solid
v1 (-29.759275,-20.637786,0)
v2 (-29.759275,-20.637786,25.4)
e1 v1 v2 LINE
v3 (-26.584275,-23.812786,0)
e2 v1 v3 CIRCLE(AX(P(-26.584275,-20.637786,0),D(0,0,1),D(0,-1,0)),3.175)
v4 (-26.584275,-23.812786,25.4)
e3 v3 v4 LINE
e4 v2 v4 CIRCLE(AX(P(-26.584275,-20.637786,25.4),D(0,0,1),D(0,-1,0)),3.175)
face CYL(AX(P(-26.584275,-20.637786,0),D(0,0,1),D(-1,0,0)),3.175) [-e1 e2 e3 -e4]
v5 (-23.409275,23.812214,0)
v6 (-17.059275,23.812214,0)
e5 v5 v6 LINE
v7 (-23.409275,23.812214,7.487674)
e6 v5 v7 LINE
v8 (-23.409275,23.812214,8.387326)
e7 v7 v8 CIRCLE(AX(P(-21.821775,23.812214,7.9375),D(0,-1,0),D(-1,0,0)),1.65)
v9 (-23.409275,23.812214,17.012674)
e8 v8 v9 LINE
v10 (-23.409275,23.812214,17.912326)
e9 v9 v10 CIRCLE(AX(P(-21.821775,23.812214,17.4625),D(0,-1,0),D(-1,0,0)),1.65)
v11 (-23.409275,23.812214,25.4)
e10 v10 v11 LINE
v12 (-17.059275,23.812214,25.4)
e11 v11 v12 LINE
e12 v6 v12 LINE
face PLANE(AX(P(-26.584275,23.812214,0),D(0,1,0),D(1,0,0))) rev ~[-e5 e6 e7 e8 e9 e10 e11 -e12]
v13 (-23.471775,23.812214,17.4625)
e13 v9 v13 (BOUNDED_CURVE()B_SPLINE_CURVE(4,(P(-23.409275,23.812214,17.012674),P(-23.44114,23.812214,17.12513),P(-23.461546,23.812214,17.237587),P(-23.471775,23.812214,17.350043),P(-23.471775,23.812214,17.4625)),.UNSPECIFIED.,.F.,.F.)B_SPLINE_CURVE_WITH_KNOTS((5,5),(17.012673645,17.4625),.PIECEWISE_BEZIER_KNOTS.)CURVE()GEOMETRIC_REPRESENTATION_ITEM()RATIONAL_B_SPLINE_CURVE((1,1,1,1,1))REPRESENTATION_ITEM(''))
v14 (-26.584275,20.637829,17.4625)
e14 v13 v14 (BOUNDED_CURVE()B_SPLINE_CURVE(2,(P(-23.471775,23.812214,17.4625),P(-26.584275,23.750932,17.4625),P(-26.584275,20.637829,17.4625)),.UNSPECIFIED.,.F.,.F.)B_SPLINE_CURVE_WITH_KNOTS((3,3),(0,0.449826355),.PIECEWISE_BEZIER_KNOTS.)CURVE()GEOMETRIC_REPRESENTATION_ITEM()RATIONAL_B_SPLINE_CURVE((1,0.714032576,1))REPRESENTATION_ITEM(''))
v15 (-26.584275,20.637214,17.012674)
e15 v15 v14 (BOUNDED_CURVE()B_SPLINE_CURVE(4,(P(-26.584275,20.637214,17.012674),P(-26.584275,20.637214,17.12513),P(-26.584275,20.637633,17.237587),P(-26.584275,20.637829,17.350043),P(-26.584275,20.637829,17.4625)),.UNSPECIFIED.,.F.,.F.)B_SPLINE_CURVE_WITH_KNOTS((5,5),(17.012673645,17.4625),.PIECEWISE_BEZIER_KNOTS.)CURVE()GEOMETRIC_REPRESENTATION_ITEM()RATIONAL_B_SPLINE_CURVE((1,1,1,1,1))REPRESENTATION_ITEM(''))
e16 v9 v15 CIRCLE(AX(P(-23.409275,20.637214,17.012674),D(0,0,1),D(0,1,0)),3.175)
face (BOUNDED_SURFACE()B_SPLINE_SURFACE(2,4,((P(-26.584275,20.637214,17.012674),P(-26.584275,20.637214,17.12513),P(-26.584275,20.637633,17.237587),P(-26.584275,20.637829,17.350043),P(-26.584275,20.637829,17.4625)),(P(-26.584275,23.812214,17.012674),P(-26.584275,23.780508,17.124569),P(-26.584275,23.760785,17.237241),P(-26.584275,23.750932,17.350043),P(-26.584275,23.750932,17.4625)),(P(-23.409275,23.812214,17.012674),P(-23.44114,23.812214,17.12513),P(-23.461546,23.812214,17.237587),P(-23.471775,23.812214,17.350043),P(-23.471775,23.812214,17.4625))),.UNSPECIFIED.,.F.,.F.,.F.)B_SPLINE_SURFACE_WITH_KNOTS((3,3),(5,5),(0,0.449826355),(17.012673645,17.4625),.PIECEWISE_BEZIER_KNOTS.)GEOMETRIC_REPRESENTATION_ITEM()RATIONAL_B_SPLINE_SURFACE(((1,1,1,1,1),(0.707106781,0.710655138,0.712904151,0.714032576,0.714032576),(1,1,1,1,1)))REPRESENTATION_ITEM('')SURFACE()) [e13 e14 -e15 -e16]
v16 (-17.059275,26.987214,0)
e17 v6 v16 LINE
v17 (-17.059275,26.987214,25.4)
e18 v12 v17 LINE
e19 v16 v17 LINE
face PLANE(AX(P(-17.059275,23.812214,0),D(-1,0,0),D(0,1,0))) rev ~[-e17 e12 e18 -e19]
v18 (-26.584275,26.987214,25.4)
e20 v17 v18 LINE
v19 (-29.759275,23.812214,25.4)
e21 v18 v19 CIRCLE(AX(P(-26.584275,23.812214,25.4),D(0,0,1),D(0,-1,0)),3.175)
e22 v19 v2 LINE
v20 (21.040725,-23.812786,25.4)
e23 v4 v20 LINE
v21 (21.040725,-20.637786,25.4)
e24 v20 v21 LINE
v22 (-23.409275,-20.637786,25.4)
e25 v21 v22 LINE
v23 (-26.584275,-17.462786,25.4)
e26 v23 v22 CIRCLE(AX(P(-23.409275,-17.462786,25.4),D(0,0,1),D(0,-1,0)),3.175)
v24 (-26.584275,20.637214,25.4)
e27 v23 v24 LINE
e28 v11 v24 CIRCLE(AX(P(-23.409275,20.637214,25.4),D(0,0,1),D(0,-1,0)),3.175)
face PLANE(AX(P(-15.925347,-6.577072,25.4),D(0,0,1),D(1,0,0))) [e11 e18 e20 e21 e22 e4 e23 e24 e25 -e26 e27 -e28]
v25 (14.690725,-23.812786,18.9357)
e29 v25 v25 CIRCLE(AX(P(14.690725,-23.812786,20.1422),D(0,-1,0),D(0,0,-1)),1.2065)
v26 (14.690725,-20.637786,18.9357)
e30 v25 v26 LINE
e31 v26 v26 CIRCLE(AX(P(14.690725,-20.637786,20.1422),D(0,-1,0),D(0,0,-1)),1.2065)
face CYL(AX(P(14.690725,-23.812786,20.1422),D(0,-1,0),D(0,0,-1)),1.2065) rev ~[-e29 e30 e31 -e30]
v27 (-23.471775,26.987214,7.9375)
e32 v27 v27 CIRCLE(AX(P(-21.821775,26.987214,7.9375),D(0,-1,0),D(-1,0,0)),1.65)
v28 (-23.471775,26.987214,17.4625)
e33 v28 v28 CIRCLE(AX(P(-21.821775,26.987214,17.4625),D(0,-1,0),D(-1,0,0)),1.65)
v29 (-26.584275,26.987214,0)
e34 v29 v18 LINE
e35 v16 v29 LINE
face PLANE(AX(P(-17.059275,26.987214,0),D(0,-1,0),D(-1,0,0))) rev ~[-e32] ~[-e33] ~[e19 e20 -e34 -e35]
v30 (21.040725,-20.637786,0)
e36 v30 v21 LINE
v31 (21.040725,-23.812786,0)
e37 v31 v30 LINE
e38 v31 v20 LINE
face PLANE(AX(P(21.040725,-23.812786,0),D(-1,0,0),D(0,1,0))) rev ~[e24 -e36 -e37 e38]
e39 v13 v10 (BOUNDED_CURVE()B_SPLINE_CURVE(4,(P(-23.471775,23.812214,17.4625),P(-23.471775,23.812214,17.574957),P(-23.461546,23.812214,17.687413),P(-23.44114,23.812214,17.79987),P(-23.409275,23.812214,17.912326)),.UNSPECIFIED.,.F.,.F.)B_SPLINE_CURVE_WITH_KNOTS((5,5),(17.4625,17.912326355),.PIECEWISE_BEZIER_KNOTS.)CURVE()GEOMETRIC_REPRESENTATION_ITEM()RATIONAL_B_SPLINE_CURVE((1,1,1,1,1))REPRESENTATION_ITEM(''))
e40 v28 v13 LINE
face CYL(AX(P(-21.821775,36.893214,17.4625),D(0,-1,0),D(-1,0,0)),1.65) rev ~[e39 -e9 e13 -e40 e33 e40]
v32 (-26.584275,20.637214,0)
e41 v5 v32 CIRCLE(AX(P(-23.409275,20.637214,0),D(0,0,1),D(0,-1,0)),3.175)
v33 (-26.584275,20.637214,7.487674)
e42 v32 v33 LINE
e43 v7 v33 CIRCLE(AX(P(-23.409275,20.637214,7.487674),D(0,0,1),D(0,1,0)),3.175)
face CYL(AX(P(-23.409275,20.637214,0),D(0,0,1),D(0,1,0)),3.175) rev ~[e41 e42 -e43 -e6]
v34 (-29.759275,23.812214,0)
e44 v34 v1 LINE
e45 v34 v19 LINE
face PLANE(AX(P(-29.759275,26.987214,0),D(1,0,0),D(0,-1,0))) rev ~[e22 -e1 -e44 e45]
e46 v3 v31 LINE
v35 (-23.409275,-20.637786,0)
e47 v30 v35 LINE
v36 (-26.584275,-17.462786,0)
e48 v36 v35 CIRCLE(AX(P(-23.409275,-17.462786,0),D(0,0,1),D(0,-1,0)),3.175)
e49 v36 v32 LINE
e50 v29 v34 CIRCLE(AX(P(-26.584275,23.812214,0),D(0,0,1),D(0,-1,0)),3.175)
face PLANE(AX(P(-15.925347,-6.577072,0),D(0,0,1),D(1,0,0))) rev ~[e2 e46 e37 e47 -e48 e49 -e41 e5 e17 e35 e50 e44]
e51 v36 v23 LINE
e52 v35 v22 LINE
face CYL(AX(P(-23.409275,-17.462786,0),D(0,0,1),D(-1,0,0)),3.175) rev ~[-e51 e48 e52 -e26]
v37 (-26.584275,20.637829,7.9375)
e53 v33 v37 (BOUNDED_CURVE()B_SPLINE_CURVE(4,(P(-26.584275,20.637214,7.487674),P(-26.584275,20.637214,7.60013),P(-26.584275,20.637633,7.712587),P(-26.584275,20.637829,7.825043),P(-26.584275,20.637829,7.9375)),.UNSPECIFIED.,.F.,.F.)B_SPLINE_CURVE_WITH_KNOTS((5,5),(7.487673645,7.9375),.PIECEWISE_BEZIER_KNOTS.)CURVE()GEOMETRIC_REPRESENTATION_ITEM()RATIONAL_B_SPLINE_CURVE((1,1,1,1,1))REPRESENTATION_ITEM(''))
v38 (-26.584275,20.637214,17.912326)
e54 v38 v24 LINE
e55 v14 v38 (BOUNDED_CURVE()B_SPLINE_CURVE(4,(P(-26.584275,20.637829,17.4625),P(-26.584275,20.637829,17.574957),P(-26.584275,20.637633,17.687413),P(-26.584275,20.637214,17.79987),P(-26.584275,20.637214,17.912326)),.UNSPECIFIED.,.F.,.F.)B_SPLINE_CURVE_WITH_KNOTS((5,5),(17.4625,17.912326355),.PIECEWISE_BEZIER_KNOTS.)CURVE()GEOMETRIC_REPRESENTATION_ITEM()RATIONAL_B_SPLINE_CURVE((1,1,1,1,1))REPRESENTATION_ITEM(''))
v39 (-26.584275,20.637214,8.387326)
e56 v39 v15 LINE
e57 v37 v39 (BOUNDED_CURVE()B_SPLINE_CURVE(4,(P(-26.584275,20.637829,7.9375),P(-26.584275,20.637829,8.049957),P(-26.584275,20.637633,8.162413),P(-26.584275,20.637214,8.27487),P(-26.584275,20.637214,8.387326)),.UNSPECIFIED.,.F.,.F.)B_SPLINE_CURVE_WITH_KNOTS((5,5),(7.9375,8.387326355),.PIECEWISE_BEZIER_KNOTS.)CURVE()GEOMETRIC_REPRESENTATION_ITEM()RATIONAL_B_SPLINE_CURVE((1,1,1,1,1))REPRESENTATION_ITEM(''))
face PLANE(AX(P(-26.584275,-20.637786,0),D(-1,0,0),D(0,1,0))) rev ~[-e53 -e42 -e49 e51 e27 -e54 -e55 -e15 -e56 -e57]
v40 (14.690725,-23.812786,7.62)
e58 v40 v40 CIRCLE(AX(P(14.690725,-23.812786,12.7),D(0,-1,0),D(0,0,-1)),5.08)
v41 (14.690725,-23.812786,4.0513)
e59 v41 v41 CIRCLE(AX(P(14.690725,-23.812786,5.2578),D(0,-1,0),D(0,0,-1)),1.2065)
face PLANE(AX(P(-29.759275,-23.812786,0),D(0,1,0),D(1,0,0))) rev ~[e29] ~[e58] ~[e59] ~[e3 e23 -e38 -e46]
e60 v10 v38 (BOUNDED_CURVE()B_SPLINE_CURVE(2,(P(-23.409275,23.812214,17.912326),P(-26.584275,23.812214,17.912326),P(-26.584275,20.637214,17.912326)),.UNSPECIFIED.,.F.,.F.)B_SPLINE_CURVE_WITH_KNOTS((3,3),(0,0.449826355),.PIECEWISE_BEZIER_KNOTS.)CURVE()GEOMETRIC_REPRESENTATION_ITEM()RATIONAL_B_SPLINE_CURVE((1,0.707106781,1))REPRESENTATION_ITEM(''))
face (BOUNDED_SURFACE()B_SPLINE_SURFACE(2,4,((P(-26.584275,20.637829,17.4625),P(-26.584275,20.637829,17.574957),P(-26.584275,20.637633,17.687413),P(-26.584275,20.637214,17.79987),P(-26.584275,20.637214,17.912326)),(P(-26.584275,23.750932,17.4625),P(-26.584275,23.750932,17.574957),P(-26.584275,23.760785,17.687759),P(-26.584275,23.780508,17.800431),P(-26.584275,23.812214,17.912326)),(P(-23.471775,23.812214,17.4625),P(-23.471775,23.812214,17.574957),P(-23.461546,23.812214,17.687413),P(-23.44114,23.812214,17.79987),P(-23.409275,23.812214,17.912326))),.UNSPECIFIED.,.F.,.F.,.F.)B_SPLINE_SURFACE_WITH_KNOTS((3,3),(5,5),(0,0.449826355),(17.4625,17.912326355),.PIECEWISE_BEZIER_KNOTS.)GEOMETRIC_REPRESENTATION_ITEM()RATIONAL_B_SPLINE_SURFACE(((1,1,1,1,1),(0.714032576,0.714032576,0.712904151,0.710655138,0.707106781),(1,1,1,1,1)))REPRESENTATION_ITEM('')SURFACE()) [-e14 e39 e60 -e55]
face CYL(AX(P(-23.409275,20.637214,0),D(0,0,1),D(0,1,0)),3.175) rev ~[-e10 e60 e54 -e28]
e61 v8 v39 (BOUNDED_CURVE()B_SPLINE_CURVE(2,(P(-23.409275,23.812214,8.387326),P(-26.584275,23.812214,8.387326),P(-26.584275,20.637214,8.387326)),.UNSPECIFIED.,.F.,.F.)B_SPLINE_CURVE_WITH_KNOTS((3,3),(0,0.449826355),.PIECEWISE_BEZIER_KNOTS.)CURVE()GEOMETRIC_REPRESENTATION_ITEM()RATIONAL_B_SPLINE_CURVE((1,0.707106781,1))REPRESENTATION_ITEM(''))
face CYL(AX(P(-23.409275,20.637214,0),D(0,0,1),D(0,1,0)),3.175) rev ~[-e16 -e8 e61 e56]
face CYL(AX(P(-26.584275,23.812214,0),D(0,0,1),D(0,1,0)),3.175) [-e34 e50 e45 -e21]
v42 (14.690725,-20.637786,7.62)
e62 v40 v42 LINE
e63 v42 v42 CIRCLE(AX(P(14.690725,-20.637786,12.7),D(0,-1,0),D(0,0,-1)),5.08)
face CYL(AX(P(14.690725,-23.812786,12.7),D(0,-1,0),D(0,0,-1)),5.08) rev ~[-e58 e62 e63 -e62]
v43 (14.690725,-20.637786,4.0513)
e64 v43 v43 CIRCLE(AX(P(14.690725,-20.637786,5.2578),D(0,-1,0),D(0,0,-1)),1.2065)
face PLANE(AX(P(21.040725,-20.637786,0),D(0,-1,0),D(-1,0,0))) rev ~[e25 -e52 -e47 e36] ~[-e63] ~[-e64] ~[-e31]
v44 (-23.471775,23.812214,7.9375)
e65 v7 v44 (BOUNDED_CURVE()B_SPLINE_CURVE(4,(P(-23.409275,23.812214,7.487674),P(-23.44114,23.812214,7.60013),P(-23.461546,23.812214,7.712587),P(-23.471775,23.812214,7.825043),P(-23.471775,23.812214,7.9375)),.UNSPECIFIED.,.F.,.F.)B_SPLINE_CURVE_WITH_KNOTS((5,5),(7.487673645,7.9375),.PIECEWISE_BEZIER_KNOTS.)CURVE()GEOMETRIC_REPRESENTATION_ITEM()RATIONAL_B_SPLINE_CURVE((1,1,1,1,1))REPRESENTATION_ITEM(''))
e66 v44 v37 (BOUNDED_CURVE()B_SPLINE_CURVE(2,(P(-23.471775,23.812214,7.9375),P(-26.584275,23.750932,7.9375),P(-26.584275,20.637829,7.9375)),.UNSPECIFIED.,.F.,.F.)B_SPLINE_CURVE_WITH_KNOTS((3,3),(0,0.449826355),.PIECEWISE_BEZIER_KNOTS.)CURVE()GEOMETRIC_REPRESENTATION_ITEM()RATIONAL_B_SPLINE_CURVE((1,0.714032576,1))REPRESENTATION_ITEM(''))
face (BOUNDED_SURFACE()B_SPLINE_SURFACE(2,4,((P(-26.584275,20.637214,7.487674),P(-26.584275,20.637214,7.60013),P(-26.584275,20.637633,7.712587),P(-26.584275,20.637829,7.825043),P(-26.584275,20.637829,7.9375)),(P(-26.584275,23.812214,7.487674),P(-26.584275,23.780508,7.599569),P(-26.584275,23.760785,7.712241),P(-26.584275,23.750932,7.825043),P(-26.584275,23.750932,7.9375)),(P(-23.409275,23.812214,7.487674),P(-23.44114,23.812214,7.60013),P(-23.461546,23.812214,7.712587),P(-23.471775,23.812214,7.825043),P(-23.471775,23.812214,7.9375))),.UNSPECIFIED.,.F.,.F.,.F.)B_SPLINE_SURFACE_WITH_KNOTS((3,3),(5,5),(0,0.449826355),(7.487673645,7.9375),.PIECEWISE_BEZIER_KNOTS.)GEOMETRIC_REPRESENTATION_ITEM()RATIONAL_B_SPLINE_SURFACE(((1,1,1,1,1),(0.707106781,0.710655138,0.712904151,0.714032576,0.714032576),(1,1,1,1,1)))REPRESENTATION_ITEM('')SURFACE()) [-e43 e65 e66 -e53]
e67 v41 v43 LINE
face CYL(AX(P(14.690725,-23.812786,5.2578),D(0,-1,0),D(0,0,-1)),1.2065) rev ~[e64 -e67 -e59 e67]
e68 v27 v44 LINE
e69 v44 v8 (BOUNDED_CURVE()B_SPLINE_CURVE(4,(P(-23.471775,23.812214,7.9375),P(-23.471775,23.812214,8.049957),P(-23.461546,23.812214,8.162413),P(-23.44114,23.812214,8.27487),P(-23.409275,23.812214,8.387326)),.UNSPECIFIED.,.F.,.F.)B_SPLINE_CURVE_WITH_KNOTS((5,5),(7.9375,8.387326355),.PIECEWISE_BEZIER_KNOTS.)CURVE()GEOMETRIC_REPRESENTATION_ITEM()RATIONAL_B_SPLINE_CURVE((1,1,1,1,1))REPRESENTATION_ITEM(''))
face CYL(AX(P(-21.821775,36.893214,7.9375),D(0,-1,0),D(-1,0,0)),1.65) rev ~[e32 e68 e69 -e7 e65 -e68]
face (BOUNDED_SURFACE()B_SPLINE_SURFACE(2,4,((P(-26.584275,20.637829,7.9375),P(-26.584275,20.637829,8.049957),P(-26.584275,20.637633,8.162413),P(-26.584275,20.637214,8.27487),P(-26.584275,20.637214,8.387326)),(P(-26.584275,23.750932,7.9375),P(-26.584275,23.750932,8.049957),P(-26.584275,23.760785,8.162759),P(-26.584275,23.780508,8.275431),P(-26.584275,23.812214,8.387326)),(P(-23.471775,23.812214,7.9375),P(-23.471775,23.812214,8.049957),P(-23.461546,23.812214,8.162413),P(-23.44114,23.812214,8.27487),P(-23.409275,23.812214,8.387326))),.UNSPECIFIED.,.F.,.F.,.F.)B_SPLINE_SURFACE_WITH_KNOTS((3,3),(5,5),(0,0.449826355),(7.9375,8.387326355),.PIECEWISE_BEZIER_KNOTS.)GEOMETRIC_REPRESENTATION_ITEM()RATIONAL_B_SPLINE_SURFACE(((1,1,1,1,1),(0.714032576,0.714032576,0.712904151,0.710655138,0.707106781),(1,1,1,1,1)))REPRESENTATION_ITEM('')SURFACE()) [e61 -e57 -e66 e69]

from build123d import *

# Parameters (mm, degrees)
BOSS_EXTRUDE1_DEPTH       = 25.4
M4X0_7_TAPPED_HOLE1_D     = 3.3
M4X0_7_TAPPED_HOLE1_DEPTH = 9.906
M4X0_7_TAPPED_HOLE1_TIP   = 0.991420021
CUT_EXTRUDE1_REACH        = 66.12
SKETCH7_R                 = 5.08
SKETCH7_R_2               = 1.2065
FILLET1_R                 = 3.175
FILLET2_R                 = 3.175


with BuildPart() as part:
    # Sketch1 → Boss-Extrude1 (new body)
    with BuildSketch(Plane.XY):
        Polygon((-17.059275079, 26.987213855), (-29.759275079, 26.987213855), (-29.759275079, -23.812786145), (21.040724921, -23.812786145), (21.040724921, -20.637786145), (-26.584275079, -20.637786145), (-26.584275079, 23.812213855), (-17.059275079, 23.812213855), align=None)
    extrude(amount=BOSS_EXTRUDE1_DEPTH)

    # M4x0.7 Tapped Hole1
    with Locations(Plane(origin=(0, 26.987213855, 0), x_dir=(1, 0, 0), z_dir=(0, 1, 0))):
        with Locations((-21.821775079, -7.9375), (-21.821775079, -17.4625)):
            Hole(M4X0_7_TAPPED_HOLE1_D / 2, depth=M4X0_7_TAPPED_HOLE1_DEPTH)
            with Locations((0, 0, -(M4X0_7_TAPPED_HOLE1_DEPTH + M4X0_7_TAPPED_HOLE1_TIP / 2))):  # 118° drill point
                Cone(0, M4X0_7_TAPPED_HOLE1_D / 2, M4X0_7_TAPPED_HOLE1_TIP, mode=Mode.SUBTRACT)

    # Sketch7 → Cut-Extrude1 (cut, up to next)
    with BuildSketch(Plane.XZ.offset(23.812786145), mode=Mode.PRIVATE) as cut_extrude1_sk1:
        with Locations(Location((14.690724921, 12.7, 0), (0, 0, 270))):
            Circle(SKETCH7_R)
    cut_extrude1_tool1 = extrude(cut_extrude1_sk1.sketch, amount=-CUT_EXTRUDE1_REACH, mode=Mode.PRIVATE) & part.part
    # Sketch7 → Cut-Extrude1 (cut, up to next)
    with BuildSketch(Plane.XZ.offset(23.812786145), mode=Mode.PRIVATE) as cut_extrude1_sk2:
        with Locations(Location((14.690724921, 5.2578, 0), (0, 0, 270))):
            Circle(SKETCH7_R_2)
    cut_extrude1_tool2 = extrude(cut_extrude1_sk2.sketch, amount=-CUT_EXTRUDE1_REACH, mode=Mode.PRIVATE) & part.part
    # Sketch7 → Cut-Extrude1 (cut, up to next)
    with BuildSketch(Plane.XZ.offset(23.812786145), mode=Mode.PRIVATE) as cut_extrude1_sk3:
        with Locations(Location((14.690724921, 20.1422, 0), (0, 0, 270))):
            Circle(SKETCH7_R_2)
    cut_extrude1_tool3 = extrude(cut_extrude1_sk3.sketch, amount=-CUT_EXTRUDE1_REACH, mode=Mode.PRIVATE) & part.part
    add(cut_extrude1_tool1.solids().sort_by_distance((14.690725, -23.812786, 12.7))[0], mode=Mode.SUBTRACT)
    add(cut_extrude1_tool2.solids().sort_by_distance((14.690725, -23.812786, 5.2578))[0], mode=Mode.SUBTRACT)
    add(cut_extrude1_tool3.solids().sort_by_distance((14.690725, -23.812786, 20.1422))[0], mode=Mode.SUBTRACT)

    # Fillet1
    fillet1_edges = [part.edges().sort_by_distance(p)[0] for p in [
        (-29.759275079, -23.812786145, 12.7),
        (-29.759275079, 26.987213855, 12.7),
    ]]
    fillet(fillet1_edges, radius=FILLET1_R)

    # Fillet2
    fillet2_edges = [part.edges().sort_by_distance(p)[0] for p in [
        (-26.584275079, 23.812213855, 12.7),
        (-26.584275079, -20.637786145, 12.7),
    ]]
    fillet(fillet2_edges, radius=FILLET2_R)


solid = part.part
